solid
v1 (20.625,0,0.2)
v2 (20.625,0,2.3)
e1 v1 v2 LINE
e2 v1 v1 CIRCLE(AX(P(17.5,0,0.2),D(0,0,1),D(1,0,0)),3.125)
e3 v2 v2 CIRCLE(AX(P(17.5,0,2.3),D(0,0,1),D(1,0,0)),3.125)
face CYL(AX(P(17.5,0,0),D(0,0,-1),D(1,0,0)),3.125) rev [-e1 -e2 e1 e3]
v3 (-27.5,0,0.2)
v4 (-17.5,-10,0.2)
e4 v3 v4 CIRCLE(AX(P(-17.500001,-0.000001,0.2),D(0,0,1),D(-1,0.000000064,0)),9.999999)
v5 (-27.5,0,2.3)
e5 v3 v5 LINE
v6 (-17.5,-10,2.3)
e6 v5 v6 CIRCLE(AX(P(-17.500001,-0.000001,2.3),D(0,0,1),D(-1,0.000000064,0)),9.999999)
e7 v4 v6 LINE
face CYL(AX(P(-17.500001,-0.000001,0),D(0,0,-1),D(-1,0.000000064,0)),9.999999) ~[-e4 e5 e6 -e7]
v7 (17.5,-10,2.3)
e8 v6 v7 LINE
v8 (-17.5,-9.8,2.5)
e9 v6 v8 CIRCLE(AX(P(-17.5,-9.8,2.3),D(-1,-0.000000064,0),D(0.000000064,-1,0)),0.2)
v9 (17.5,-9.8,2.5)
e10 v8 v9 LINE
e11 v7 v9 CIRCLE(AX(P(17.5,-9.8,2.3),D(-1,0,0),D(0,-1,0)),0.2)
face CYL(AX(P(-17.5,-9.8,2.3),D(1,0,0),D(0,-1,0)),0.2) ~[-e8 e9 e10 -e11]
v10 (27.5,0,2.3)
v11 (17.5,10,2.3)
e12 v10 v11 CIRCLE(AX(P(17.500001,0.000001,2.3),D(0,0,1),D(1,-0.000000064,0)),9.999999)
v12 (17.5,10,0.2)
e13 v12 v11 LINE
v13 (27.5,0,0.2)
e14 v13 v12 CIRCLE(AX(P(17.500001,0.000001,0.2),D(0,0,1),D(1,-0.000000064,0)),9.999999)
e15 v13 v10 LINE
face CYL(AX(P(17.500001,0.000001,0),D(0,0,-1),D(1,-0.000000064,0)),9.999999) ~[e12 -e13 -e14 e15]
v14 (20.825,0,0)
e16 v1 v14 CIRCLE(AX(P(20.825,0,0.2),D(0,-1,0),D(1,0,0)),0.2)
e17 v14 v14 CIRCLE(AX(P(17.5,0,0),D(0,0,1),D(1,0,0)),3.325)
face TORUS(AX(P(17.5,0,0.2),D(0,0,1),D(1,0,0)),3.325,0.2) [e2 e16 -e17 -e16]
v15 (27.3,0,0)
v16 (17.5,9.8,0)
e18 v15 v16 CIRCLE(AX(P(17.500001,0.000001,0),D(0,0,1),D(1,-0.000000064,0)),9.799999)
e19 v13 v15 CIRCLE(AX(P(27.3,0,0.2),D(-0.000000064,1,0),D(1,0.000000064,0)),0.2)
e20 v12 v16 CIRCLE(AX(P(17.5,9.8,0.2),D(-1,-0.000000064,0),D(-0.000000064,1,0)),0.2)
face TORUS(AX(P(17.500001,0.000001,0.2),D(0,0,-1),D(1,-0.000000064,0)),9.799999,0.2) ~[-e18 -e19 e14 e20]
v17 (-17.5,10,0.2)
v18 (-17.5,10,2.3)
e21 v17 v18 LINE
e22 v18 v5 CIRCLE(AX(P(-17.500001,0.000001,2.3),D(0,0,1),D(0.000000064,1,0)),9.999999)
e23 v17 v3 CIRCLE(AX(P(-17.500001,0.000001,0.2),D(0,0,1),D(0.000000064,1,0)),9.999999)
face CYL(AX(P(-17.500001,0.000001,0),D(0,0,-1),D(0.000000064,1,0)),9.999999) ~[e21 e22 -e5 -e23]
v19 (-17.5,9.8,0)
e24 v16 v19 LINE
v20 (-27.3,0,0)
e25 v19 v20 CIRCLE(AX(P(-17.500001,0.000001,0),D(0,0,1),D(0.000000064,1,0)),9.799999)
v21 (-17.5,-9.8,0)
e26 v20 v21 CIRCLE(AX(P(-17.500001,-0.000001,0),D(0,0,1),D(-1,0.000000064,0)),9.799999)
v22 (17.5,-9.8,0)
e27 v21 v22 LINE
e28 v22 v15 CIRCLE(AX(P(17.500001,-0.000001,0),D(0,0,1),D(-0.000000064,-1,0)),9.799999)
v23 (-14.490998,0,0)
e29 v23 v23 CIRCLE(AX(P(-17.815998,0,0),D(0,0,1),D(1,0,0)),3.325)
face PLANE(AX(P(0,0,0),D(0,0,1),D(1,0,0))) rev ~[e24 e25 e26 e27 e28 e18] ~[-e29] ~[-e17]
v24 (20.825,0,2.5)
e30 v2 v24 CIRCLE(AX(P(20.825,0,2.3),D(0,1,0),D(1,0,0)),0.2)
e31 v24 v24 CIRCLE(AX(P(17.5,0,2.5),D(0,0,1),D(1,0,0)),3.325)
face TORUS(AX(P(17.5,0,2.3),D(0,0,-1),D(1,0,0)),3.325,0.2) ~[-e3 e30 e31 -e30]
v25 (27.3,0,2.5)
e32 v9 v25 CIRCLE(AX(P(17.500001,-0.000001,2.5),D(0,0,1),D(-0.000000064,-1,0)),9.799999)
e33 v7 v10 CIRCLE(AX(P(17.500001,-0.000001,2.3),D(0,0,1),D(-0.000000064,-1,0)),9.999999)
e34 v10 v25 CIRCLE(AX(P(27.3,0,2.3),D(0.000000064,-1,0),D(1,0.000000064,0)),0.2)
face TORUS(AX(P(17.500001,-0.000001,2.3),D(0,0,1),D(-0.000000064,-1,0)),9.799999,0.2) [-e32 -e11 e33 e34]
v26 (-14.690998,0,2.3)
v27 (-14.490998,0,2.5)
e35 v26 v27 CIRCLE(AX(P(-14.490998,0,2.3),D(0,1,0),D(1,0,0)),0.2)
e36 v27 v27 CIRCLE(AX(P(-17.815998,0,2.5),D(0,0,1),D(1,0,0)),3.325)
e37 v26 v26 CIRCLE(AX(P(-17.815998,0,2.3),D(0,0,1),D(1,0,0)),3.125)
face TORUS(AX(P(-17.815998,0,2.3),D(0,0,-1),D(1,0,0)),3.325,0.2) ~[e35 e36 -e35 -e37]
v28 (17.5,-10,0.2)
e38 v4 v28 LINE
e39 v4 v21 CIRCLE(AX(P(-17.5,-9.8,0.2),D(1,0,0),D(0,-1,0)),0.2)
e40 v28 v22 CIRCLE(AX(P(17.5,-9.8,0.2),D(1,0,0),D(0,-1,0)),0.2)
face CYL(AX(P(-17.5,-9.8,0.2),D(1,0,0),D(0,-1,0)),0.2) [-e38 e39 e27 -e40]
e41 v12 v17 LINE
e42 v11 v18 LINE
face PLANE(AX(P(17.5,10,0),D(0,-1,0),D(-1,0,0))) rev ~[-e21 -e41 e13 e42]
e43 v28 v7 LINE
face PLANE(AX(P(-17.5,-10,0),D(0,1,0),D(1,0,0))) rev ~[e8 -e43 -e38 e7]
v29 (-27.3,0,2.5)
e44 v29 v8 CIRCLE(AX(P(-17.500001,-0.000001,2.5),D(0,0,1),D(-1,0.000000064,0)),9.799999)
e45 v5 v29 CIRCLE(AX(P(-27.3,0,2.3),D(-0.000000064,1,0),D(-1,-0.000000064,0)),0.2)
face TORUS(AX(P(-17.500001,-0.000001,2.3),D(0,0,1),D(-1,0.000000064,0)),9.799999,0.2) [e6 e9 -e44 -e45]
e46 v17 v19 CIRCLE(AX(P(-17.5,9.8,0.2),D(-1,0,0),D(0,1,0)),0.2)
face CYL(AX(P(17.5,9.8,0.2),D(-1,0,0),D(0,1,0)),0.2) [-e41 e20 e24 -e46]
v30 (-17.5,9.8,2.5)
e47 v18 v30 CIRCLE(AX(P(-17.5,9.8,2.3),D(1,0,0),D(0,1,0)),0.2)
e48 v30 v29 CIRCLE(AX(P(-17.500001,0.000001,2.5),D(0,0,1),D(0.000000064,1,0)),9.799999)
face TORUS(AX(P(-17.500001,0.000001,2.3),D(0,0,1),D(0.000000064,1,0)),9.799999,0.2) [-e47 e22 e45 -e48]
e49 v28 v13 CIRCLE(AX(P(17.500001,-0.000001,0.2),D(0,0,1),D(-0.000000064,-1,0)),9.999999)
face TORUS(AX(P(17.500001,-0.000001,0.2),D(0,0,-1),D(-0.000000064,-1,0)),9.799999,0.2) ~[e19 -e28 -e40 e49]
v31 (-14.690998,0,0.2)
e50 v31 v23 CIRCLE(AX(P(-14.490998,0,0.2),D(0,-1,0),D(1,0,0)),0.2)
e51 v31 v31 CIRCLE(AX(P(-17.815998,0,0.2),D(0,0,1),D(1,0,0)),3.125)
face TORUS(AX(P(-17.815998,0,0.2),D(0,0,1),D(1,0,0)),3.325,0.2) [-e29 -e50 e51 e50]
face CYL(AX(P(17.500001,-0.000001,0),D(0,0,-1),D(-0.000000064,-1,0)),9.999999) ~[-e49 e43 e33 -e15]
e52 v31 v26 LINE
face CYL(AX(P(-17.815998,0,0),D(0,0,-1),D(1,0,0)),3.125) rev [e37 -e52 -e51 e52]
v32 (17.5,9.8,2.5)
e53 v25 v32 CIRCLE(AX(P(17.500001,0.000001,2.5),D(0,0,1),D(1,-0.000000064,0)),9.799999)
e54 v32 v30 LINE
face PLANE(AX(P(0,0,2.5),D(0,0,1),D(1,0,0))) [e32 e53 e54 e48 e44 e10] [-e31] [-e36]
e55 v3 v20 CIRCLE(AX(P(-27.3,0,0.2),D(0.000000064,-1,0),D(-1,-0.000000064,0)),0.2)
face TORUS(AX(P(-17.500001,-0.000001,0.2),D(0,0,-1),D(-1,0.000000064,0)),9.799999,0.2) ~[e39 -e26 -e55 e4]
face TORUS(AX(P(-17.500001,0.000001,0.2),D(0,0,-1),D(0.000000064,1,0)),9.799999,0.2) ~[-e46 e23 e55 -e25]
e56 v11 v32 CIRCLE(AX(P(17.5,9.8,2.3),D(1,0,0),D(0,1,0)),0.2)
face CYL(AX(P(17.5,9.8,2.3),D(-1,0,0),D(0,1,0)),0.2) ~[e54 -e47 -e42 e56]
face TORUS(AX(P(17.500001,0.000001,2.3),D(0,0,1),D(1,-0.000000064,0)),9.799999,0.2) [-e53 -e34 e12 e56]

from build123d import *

# Parameters (mm, degrees)
F0_R     = 3.125
F1_DEPTH = 2.5
F2_R     = 0.2


with BuildPart() as f1:
    # F0 (on Top) → F1 (new body)
    with BuildSketch(Plane.XY):
        with BuildLine():
            Line((-17.5, -10), (17.5, -10))
            ThreePointArc((17.5, -10), (24.571068, -7.071068), (27.5, 0))
            ThreePointArc((27.5, 0), (24.571068, 7.071068), (17.5, 10))
            Line((17.5, 10), (-17.5, 10))
            ThreePointArc((-17.5, 10), (-24.571068, 7.071068), (-27.5, 0))
            ThreePointArc((-27.5, 0), (-24.571068, -7.071068), (-17.5, -10))
        make_face()
        with Locations((-17.815998, 0)):
            Circle(F0_R, mode=Mode.SUBTRACT)
        with Locations((17.5, 0)):
            Circle(F0_R, mode=Mode.SUBTRACT)
    extrude(amount=F1_DEPTH)

    # F2
    f2_edges = [f1.edges().sort_by_distance(p)[0] for p in [
        (-27.5, 0, 2.5),
        (0, 10, 2.5),
        (27.5, 0, 2.5),
        (0, -10, 2.5),
        (-20.940998, 0, 2.5),
        (14.375, 0, 2.5),
        (-20.940998, 0, 0),
        (14.375, 0, 0),
        (27.5, 0, 0),
        (0, -10, 0),
        (-27.5, 0, 0),
        (0, 10, 0),
    ]]
    fillet(f2_edges, radius=F2_R)


solid = f1.part
